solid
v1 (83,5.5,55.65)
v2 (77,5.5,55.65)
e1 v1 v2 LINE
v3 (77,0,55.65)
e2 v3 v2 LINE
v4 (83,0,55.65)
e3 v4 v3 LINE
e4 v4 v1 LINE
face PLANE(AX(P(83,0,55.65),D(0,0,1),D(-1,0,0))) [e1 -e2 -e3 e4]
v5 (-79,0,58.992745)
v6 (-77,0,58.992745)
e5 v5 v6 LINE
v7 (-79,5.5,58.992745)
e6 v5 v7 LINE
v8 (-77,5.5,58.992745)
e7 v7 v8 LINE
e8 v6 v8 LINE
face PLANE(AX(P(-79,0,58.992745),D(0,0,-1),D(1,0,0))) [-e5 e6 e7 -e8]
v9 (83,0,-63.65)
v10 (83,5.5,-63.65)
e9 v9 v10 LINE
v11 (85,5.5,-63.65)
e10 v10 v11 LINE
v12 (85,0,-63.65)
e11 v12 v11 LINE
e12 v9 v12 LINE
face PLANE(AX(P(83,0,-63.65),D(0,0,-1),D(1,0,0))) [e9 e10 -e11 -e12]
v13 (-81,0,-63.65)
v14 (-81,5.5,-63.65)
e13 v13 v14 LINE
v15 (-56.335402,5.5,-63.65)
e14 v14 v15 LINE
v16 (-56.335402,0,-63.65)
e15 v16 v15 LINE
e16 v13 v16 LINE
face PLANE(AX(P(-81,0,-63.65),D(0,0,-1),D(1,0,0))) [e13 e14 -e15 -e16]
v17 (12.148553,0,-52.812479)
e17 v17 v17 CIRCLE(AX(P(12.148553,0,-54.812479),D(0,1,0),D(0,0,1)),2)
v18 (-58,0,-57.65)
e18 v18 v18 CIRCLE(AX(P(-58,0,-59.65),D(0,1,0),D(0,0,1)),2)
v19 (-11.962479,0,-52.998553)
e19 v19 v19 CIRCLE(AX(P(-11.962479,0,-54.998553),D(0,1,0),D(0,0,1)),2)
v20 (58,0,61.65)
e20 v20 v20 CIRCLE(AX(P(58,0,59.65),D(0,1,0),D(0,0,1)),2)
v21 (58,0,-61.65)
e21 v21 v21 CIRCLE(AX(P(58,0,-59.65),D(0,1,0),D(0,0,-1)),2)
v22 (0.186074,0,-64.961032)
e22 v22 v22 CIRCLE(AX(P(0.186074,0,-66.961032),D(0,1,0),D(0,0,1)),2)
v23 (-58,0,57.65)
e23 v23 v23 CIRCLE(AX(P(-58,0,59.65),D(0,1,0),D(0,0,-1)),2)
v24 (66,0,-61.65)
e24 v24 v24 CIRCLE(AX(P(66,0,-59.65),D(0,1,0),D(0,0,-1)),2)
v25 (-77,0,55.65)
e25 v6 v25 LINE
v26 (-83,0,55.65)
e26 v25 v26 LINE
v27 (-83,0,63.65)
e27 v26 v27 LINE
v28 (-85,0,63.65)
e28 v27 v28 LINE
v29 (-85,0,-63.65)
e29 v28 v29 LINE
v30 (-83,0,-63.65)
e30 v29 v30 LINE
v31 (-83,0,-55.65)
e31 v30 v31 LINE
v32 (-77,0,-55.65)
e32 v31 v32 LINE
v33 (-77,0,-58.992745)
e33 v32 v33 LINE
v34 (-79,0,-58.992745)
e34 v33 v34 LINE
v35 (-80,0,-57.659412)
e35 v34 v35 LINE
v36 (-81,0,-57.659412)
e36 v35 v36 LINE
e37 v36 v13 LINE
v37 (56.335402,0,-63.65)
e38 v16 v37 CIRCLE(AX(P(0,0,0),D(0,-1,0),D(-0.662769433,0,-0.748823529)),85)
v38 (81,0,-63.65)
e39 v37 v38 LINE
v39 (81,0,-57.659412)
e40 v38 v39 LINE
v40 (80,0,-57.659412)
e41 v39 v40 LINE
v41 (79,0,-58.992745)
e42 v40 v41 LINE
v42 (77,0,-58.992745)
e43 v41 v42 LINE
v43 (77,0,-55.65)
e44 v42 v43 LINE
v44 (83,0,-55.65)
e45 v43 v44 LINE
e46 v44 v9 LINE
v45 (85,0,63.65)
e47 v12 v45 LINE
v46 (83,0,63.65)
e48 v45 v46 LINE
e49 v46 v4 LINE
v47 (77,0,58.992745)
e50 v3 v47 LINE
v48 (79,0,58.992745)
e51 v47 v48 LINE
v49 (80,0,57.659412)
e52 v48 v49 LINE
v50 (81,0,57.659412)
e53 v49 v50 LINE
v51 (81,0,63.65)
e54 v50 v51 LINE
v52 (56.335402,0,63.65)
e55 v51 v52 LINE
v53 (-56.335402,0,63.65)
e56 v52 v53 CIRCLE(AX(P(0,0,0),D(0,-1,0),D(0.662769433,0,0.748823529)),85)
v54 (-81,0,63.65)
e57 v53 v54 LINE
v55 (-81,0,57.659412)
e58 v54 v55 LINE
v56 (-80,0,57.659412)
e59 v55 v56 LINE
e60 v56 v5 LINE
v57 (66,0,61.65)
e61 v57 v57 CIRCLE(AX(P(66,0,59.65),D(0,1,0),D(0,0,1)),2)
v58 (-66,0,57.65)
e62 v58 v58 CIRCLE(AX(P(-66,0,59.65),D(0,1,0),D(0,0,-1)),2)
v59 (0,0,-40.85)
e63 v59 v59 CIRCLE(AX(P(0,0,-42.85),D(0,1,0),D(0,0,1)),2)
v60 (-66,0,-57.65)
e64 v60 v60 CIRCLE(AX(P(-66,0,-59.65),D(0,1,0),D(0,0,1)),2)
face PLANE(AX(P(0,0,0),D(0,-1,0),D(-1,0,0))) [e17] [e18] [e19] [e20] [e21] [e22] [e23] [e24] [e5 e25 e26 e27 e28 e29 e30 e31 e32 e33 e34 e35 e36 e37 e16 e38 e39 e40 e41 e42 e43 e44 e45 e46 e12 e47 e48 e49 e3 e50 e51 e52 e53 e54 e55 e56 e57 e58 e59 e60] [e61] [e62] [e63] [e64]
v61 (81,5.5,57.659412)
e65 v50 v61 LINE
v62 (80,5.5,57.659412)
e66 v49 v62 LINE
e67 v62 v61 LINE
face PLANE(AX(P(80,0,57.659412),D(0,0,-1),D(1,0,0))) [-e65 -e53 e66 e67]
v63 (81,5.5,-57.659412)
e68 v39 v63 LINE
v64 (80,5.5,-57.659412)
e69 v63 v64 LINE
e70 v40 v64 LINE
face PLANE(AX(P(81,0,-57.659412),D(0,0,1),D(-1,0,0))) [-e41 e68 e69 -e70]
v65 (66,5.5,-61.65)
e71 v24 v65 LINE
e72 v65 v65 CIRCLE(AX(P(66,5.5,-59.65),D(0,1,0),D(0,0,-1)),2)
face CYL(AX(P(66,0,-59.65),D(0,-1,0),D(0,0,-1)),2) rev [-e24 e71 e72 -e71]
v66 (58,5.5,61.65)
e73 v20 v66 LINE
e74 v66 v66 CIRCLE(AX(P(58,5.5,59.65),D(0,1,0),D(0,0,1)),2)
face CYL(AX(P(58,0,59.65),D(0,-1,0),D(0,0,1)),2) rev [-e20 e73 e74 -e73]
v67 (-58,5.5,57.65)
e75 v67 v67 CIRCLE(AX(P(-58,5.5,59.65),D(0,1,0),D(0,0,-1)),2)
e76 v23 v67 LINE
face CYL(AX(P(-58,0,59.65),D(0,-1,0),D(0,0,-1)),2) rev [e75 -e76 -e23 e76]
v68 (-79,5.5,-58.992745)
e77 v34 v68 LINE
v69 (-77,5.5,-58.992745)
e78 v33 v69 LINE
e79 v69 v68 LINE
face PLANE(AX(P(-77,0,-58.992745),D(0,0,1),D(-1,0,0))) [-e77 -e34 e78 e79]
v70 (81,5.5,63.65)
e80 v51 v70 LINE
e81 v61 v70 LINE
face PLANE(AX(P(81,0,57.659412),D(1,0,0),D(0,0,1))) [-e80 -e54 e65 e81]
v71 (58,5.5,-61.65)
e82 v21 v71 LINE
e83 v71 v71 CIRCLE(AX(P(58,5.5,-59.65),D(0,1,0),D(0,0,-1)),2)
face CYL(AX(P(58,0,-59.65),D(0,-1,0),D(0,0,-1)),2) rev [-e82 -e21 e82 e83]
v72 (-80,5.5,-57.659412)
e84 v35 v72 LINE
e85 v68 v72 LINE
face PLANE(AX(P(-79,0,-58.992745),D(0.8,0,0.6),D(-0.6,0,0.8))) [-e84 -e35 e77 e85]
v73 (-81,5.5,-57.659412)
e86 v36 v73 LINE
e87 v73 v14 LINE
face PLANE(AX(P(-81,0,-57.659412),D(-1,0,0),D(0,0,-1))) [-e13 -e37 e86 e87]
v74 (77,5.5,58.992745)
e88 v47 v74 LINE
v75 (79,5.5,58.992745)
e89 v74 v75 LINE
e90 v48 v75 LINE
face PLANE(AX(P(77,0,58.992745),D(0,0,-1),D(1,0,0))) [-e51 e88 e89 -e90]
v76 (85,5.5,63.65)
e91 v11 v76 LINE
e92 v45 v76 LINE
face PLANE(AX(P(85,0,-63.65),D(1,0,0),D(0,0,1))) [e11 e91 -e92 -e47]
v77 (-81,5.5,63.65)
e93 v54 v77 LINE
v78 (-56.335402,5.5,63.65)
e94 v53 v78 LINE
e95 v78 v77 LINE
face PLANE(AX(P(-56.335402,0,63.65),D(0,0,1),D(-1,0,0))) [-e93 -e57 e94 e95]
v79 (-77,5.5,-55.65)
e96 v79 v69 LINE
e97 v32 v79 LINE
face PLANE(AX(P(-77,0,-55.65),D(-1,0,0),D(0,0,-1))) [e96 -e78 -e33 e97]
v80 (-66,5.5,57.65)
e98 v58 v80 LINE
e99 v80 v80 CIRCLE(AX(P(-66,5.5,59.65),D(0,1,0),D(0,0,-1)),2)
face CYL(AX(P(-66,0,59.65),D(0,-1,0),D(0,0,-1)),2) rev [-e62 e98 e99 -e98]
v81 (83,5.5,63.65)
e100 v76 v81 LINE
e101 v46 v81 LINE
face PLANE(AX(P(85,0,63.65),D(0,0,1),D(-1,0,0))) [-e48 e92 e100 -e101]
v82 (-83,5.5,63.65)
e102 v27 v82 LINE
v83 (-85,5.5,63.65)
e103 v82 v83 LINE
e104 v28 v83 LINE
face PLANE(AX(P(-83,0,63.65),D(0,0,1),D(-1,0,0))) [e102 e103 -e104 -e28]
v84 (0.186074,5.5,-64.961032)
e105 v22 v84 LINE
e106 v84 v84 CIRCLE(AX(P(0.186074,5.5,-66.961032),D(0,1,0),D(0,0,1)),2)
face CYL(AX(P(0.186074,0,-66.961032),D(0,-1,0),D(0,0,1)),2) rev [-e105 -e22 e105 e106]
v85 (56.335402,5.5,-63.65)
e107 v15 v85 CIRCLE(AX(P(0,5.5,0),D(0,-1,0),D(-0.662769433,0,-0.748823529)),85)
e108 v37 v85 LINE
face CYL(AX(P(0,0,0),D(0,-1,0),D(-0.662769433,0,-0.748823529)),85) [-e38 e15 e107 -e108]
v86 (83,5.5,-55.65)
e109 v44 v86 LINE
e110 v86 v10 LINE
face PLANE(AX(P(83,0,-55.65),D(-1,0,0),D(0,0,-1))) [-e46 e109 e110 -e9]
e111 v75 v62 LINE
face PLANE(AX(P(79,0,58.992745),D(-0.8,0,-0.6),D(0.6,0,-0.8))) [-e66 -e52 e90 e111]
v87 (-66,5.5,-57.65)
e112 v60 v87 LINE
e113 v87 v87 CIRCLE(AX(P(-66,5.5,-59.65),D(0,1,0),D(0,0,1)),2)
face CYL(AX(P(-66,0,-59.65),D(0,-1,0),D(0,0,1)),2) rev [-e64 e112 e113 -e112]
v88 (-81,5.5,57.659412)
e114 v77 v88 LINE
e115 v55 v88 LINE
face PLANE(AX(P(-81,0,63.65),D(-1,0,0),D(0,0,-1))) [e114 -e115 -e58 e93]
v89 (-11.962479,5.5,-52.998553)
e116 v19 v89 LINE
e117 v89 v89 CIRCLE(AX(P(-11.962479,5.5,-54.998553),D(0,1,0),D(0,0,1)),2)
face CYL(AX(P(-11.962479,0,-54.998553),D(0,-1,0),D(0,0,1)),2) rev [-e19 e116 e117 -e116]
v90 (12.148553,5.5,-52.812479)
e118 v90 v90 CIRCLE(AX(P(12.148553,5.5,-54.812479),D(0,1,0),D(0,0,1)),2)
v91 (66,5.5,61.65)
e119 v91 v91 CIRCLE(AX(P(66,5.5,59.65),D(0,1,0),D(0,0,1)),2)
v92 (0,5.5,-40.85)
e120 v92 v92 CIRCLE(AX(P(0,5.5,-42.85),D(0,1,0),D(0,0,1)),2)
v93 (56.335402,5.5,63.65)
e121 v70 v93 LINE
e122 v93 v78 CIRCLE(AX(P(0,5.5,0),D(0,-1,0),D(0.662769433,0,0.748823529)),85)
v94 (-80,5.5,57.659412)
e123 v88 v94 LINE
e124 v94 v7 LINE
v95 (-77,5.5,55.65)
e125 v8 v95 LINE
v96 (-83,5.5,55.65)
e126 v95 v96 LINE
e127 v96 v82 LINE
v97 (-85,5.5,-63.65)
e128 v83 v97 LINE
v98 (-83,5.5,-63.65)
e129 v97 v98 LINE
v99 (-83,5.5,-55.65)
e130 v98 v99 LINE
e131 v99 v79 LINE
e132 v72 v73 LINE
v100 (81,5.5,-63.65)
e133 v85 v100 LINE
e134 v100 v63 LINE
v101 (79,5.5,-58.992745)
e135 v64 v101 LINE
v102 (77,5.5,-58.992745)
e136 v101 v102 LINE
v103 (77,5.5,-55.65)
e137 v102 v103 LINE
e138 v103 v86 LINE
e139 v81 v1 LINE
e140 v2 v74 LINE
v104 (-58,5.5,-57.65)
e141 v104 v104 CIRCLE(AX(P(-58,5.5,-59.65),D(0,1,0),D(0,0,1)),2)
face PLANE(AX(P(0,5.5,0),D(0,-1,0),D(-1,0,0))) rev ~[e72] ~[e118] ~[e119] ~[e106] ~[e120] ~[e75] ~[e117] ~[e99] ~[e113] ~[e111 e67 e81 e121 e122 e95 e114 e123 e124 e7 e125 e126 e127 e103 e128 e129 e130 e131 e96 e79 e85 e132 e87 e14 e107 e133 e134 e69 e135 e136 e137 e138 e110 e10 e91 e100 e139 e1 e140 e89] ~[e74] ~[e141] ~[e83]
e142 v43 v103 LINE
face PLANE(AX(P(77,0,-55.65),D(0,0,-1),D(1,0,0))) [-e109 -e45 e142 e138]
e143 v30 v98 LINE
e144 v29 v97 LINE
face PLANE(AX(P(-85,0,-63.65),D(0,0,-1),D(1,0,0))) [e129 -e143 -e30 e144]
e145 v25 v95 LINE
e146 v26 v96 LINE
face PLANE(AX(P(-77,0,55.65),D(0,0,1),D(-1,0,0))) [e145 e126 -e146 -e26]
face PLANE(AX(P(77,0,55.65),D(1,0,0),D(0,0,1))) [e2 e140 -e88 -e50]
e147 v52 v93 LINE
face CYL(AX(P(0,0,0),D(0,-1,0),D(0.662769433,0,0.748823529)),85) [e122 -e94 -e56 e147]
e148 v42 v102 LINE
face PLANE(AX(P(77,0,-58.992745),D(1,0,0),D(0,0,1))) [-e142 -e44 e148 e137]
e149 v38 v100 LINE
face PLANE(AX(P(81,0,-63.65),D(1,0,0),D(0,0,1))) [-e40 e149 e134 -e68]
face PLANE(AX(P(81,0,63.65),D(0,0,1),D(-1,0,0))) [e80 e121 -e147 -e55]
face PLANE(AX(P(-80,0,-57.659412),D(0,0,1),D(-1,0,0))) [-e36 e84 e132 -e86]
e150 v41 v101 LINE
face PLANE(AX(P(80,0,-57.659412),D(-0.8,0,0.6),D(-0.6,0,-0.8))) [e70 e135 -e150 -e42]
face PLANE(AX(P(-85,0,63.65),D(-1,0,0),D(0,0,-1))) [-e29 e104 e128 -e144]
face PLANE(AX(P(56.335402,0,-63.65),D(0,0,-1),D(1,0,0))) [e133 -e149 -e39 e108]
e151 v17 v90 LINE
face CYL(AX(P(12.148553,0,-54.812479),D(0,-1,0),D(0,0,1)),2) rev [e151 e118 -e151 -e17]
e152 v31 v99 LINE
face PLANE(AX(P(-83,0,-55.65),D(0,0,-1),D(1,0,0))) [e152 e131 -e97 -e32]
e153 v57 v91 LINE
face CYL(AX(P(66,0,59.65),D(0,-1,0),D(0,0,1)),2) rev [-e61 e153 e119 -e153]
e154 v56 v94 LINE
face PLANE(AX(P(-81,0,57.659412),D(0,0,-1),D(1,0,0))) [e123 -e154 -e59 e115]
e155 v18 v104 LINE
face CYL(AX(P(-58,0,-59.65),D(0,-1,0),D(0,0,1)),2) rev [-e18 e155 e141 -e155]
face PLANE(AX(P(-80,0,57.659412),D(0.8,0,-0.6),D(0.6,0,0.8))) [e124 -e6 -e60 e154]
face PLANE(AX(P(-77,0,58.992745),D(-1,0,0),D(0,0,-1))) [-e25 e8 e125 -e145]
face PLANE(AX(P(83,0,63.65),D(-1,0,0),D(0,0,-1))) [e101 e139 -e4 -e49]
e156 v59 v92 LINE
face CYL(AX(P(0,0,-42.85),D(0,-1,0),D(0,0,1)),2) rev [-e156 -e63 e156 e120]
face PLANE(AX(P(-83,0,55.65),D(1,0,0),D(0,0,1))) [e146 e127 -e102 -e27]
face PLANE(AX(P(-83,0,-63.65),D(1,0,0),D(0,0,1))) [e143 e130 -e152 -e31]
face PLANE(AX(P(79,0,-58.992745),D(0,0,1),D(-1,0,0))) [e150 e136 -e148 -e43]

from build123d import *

# Parameters (mm, degrees)
SKETCH4_R           = 2
BOSS_EXTRUDE1_DEPTH = 5.5


with BuildPart() as part:
    # Sketch4 → Boss-Extrude1 (new body)
    with BuildSketch(Plane(origin=(0, 0, 0), x_dir=(1, 0, 0), z_dir=(0, 1, 0))):
        with BuildLine():
            Line((56.335401836, 63.65), (81, 63.65))
            Line((81, 63.65), (81, 57.659411765))
            Line((81, 57.659411765), (80, 57.659411765))
            Line((80, 57.659411765), (79, 58.992745098))
            Line((79, 58.992745098), (77, 58.992745098))
            Line((77, 58.992745098), (77, 55.65))
            Line((77, 55.65), (83, 55.65))
            Line((83, 55.65), (83, 63.65))
            Line((83, 63.65), (85, 63.65))
            Line((85, 63.65), (85, -63.65))
            Line((85, -63.65), (83, -63.65))
            Line((83, -63.65), (83, -55.65))
            Line((83, -55.65), (77, -55.65))
            Line((77, -55.65), (77, -58.992745098))
            Line((77, -58.992745098), (79, -58.992745098))
            Line((79, -58.992745098), (80, -57.659411765))
            Line((80, -57.659411765), (81, -57.659411765))
            Line((81, -57.659411765), (81, -63.65))
            Line((81, -63.65), (56.335401836, -63.65))
            ThreePointArc((56.335401836, -63.65), (0, -85), (-56.335401836, -63.65))
            Line((-56.335401836, -63.65), (-81, -63.65))
            Line((-81, -63.65), (-81, -57.659411765))
            Line((-81, -57.659411765), (-80, -57.659411765))
            Line((-80, -57.659411765), (-79, -58.992745098))
            Line((-79, -58.992745098), (-77, -58.992745098))
            Line((-77, -58.992745098), (-77, -55.65))
            Line((-77, -55.65), (-83, -55.65))
            Line((-83, -55.65), (-83, -63.65))
            Line((-83, -63.65), (-85, -63.65))
            Line((-85, -63.65), (-85, 63.65))
            Line((-85, 63.65), (-83, 63.65))
            Line((-83, 63.65), (-83, 55.65))
            Line((-83, 55.65), (-77, 55.65))
            Line((-77, 55.65), (-77, 58.992745098))
            Line((-77, 58.992745098), (-79, 58.992745098))
            Line((-79, 58.992745098), (-80, 57.659411765))
            Line((-80, 57.659411765), (-81, 57.659411765))
            Line((-81, 57.659411765), (-81, 63.65))
            Line((-81, 63.65), (-56.335401836, 63.65))
            ThreePointArc((-56.335401836, 63.65), (0, 85), (56.335401836, 63.65))
        make_face()
        with Locations(Location((-58, 59.65, 0), (0, 0, 270))):
            Circle(SKETCH4_R, mode=Mode.SUBTRACT)
        with Locations(Location((-66, 59.65, 0), (0, 0, 270))):
            Circle(SKETCH4_R, mode=Mode.SUBTRACT)
        with Locations(Location((66, 59.65, 0), (0, 0, 90))):
            Circle(SKETCH4_R, mode=Mode.SUBTRACT)
        with Locations(Location((58, 59.65, 0), (0, 0, 90))):
            Circle(SKETCH4_R, mode=Mode.SUBTRACT)
        with Locations(Location((66, -59.65, 0), (0, 0, 270))):
            Circle(SKETCH4_R, mode=Mode.SUBTRACT)
        with Locations(Location((58, -59.65, 0), (0, 0, 270))):
            Circle(SKETCH4_R, mode=Mode.SUBTRACT)
        with Locations(Location((-58, -59.65, 0), (0, 0, 90))):
            Circle(SKETCH4_R, mode=Mode.SUBTRACT)
        with Locations(Location((-66, -59.65, 0), (0, 0, 90))):
            Circle(SKETCH4_R, mode=Mode.SUBTRACT)
        with Locations(Location((12.148552835, 54.812479272, 0), (0, 0, 270))):
            Circle(SKETCH4_R, mode=Mode.SUBTRACT)
        with Locations(Location((0, 42.85, 0), (0, 0, 270))):
            Circle(SKETCH4_R, mode=Mode.SUBTRACT)
        with Locations(Location((-11.962479272, 54.998552835, 0), (0, 0, 270))):
            Circle(SKETCH4_R, mode=Mode.SUBTRACT)
        with Locations(Location((0.186073563, 66.961032106, 0), (0, 0, 270))):
            Circle(SKETCH4_R, mode=Mode.SUBTRACT)
    extrude(amount=BOSS_EXTRUDE1_DEPTH)


solid = part.part
